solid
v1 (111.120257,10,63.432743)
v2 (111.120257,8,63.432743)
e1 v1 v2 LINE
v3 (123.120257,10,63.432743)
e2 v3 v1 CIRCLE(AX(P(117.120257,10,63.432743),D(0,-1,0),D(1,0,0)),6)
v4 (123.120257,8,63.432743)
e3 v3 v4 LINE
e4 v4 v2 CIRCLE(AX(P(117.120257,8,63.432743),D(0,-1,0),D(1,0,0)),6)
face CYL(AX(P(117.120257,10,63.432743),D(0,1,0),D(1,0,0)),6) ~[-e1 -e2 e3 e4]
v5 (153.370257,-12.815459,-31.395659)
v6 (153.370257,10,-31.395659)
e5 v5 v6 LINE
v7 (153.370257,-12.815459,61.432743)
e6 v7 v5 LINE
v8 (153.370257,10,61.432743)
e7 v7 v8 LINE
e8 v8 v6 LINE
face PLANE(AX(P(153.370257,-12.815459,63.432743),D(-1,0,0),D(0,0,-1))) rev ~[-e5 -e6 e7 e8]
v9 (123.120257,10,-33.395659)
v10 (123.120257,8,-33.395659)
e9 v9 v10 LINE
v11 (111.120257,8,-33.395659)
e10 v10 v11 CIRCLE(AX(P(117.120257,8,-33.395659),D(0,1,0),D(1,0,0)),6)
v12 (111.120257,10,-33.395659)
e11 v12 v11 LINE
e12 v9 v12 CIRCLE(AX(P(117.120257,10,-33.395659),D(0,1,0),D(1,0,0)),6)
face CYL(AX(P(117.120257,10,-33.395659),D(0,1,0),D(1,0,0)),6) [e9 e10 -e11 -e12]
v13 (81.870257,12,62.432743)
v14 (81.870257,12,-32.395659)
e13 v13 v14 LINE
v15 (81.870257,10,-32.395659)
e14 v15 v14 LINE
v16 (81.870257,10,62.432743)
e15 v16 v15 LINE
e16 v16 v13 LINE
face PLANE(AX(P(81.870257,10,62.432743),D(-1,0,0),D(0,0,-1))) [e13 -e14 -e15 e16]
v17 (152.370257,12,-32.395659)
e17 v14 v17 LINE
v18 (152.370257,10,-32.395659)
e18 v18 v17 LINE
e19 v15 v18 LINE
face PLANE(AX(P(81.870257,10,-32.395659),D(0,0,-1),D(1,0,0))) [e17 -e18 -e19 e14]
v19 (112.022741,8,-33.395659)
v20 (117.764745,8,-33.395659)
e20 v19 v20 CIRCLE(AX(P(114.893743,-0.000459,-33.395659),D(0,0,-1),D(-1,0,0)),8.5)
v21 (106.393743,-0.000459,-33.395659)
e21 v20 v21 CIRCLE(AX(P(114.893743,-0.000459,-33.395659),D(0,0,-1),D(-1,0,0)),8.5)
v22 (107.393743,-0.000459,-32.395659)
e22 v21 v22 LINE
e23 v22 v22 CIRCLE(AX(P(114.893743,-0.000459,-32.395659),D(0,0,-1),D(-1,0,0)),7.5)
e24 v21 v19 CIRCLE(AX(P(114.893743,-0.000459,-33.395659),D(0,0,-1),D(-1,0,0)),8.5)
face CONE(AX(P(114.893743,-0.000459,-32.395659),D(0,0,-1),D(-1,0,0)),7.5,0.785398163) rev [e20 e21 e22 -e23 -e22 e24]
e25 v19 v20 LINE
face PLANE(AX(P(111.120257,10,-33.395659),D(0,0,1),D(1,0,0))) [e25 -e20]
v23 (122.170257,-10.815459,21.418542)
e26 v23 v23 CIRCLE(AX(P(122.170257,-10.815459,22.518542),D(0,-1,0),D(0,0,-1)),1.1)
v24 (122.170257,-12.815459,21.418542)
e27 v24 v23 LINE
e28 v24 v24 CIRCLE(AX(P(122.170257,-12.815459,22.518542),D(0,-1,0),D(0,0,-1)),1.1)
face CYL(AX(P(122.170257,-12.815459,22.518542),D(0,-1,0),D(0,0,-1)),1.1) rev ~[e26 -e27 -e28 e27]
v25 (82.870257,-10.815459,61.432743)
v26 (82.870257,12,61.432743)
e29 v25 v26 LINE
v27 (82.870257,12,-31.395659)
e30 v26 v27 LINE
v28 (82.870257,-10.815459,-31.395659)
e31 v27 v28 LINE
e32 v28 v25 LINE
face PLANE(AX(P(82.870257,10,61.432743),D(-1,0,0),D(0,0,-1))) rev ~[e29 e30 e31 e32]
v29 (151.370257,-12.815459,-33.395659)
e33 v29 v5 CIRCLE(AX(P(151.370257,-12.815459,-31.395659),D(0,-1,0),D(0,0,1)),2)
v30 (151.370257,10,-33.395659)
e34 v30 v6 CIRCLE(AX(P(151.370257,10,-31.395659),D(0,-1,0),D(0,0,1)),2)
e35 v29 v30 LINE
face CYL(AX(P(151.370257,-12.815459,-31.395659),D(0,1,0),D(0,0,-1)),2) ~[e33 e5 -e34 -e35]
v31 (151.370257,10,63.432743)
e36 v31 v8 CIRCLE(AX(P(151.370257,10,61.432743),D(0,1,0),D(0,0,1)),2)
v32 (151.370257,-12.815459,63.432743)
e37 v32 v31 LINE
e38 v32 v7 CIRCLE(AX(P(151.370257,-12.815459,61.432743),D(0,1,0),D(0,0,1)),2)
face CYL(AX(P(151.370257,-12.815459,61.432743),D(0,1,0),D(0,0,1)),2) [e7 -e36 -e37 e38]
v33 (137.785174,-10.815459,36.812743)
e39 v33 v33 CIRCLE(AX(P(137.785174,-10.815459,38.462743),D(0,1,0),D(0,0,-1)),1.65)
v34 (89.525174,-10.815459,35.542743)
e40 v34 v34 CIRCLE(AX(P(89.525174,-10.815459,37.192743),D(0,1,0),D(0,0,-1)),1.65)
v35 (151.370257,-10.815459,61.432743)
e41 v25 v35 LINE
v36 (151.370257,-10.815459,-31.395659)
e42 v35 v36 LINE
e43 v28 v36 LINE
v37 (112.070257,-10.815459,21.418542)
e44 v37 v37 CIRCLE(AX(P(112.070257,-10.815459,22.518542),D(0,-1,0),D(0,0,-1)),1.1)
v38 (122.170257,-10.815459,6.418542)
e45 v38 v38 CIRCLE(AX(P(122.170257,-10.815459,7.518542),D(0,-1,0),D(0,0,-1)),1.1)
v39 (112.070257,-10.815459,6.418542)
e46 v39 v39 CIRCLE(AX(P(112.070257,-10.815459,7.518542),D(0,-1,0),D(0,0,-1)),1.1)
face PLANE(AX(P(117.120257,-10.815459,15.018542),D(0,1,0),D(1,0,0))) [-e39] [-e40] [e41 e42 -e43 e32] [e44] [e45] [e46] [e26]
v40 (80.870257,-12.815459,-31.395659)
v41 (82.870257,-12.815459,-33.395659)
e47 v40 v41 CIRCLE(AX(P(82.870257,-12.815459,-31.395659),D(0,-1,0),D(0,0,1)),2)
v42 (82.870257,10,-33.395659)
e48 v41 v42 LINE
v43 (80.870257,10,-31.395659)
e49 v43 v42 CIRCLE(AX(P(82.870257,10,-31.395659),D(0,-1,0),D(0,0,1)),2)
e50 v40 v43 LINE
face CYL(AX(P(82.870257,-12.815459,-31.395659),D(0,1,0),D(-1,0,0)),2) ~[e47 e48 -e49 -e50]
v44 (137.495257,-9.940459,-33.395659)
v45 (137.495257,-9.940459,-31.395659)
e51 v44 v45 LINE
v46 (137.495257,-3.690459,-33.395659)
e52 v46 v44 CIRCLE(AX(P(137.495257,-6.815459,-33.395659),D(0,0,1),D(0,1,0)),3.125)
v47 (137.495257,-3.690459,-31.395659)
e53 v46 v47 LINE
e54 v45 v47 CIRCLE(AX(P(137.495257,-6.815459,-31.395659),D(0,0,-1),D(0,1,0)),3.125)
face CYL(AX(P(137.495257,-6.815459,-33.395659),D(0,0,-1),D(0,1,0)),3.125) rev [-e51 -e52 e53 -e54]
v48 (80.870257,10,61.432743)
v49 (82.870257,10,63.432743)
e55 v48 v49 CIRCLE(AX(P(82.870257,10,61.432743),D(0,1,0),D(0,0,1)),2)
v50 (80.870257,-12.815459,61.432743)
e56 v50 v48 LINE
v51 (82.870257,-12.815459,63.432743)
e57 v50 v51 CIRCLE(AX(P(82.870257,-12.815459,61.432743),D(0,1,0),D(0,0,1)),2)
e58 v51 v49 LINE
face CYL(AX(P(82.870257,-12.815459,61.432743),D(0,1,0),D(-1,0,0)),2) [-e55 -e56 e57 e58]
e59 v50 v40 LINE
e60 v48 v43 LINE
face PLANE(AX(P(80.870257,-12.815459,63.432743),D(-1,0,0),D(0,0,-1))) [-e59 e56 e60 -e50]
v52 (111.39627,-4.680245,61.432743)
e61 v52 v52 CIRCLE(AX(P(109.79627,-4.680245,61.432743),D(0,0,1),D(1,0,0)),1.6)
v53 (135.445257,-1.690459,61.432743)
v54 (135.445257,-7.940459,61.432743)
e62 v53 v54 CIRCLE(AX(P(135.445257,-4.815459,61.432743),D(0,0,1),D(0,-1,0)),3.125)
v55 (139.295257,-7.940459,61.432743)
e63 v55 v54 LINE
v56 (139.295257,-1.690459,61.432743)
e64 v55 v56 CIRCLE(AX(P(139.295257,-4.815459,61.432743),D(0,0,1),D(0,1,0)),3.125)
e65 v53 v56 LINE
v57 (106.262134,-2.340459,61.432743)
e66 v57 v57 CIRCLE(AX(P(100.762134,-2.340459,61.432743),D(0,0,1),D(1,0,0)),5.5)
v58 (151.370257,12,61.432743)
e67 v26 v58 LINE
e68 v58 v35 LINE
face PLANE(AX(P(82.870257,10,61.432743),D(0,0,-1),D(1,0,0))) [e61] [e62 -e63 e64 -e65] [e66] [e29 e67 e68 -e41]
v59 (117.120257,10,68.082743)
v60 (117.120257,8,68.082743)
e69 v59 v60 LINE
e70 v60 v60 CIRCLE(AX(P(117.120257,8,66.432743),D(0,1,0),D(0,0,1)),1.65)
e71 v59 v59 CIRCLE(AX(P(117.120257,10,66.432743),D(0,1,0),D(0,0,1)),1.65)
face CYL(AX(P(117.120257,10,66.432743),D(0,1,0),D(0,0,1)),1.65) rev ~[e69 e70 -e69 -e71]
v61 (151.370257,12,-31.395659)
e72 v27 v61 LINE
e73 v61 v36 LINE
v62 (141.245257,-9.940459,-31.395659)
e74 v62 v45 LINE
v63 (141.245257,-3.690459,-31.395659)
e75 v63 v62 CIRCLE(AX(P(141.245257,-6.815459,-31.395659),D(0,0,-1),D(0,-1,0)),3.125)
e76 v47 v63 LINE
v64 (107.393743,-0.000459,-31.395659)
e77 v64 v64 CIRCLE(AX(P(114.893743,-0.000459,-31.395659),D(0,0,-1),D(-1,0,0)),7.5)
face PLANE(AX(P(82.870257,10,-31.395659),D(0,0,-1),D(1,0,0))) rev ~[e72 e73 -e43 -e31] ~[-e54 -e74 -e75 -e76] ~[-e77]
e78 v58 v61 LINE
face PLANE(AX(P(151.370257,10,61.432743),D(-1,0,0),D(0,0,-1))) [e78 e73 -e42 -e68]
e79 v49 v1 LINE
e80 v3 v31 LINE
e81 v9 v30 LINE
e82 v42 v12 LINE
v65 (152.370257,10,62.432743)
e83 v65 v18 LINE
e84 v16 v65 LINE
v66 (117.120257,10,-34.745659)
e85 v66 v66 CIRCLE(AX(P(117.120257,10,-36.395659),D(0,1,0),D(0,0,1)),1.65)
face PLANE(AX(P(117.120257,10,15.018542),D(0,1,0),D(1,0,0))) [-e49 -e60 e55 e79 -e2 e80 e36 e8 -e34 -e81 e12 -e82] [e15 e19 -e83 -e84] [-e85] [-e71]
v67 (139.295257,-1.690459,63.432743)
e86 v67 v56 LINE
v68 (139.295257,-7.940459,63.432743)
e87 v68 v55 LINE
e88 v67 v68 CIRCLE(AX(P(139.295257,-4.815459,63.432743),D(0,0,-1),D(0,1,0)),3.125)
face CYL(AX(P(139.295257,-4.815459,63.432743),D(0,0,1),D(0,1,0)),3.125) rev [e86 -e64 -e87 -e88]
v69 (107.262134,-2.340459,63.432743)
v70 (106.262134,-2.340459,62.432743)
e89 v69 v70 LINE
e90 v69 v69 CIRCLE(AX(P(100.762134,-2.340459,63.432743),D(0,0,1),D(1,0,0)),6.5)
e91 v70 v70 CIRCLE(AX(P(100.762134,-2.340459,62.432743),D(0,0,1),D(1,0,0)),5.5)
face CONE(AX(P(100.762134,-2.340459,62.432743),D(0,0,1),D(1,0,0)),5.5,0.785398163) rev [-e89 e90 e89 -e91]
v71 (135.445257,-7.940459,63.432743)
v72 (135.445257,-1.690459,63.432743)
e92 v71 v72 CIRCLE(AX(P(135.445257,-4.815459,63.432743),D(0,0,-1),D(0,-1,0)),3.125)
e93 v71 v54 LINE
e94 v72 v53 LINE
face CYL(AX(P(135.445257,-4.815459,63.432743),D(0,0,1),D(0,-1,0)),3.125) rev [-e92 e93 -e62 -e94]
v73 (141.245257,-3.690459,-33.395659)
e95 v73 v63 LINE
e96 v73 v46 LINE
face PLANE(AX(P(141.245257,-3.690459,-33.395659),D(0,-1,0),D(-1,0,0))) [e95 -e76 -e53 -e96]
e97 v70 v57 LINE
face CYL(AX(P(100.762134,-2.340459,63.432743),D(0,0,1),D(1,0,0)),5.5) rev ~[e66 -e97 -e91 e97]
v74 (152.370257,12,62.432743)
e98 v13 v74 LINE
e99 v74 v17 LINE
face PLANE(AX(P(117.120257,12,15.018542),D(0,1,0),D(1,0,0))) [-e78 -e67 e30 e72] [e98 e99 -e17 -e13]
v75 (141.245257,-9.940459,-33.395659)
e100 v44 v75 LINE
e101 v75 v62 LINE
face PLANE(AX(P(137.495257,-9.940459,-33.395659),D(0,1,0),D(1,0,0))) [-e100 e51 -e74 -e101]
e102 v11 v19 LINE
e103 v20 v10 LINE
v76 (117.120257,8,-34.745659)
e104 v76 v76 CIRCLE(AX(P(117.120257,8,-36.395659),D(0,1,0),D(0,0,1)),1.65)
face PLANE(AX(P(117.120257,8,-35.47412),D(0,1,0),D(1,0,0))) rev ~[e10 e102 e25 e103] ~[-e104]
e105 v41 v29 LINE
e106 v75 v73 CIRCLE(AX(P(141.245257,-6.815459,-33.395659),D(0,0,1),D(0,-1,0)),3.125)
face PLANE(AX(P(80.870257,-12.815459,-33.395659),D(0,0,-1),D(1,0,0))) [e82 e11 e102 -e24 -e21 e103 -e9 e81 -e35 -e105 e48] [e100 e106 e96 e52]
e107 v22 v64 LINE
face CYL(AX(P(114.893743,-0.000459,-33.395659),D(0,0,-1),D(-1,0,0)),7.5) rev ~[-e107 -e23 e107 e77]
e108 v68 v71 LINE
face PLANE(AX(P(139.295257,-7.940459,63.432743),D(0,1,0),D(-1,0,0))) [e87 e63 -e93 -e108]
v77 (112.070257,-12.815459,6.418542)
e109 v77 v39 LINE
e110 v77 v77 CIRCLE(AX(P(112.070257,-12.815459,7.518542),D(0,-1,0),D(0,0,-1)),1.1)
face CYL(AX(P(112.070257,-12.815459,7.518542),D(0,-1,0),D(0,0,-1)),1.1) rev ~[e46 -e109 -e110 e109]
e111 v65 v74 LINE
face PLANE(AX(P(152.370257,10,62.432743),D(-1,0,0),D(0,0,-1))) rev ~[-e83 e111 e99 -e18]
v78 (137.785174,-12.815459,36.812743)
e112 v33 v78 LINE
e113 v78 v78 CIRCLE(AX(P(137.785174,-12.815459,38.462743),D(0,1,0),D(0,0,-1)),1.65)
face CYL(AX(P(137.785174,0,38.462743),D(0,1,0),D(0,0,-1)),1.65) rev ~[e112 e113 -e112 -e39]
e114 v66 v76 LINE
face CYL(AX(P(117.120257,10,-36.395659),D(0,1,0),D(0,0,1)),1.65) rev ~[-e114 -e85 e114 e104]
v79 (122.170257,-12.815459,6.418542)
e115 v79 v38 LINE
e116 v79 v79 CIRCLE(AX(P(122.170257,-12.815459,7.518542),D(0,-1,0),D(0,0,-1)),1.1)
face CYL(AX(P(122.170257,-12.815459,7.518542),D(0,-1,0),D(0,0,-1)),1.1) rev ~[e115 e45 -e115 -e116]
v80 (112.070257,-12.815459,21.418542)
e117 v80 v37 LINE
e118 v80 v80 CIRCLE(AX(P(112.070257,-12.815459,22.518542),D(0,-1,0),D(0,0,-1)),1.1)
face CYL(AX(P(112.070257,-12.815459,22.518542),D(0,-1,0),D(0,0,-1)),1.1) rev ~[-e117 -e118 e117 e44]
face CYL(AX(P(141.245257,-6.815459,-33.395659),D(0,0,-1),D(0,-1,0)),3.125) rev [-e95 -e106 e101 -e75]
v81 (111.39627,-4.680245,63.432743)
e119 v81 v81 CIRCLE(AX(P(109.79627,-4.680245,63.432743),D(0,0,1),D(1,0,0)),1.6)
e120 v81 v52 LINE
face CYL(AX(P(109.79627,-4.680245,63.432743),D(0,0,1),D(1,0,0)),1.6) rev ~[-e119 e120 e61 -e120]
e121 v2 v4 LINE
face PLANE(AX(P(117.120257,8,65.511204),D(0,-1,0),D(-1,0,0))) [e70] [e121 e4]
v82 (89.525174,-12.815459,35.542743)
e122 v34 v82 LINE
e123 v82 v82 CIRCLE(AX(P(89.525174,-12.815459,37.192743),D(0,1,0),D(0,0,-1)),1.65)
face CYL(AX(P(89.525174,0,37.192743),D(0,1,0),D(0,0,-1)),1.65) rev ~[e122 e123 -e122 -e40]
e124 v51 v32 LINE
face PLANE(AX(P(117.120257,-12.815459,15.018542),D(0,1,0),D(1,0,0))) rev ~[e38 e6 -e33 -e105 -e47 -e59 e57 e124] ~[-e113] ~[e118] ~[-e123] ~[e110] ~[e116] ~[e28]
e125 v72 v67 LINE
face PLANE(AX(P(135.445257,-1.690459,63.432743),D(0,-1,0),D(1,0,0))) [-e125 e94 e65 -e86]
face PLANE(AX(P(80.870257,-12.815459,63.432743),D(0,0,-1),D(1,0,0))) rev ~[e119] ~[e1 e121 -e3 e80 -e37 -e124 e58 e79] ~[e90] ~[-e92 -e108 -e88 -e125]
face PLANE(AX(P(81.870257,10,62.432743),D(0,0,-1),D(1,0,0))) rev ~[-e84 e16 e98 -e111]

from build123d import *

# Parameters (mm, degrees)
BOSS_EXTRUDE1_DEPTH      = 18
BOSS_EXTRUDE1_DEPTH_BACK = 12.815459
SKETCH1_W                = 72.5
SKETCH1_H                = 96.828401578
SHELL1_T                 = 2
SKETCH2_R                = 7.5
CUT_EXTRUDE1_DEPTH       = 2
CHAMFER1_SIZE            = 1
SKETCH5_R                = 5.5
CUT_EXTRUDE2_DEPTH       = 2
CHAMFER2_SIZE            = 1
SKETCH8_W                = 72.5
SKETCH8_H                = 96.828401578
CUT_EXTRUDE5_DEPTH       = 8
BOSS_EXTRUDE3_START      = 10
SKETCH10_W               = 70.5
SKETCH10_H               = 94.828401578
SKETCH10_W_2             = 68.5
SKETCH10_H_2             = 92.828401578
BOSS_EXTRUDE3_DEPTH      = 2
CUT_EXTRUDE6_REACH       = 183.831
SKETCH12_R               = 1.6
FILLET1_R                = 2
BOSS_EXTRUDE4_START      = 10
SKETCH13_R               = 1.65
BOSS_EXTRUDE4_DEPTH      = 2
SKETCH16_R               = 1.65
BOSS_EXTRUDE5_DEPTH      = 2
SKETCH17_R               = 1.65
CUT_EXTRUDE8_DEPTH       = 12.81545914
SKETCH20_R               = 1.1
CUT_EXTRUDE9_DEPTH       = 2
CUT_EXTRUDE10_REACH      = 187.096
CUT_EXTRUDE11_REACH      = 187.096


with BuildPart() as part:
    # Sketch1 → Boss-Extrude1 (new, two sides: drawn at the far end of the back side and taken through both)
    with BuildSketch(Plane(origin=(0, 0, 0), x_dir=(1, 0, 0), z_dir=(0, 1, 0)).offset(-BOSS_EXTRUDE1_DEPTH_BACK)):
        with Locations((117.12025684, -15.018542133)):
            Rectangle(SKETCH1_W, SKETCH1_H)
    extrude(amount=BOSS_EXTRUDE1_DEPTH + BOSS_EXTRUDE1_DEPTH_BACK)

    # Shell1 (no face opened: a closed hollow body)
    add(offset(amount=-SHELL1_T, mode=Mode.PRIVATE), mode=Mode.SUBTRACT)

    # Sketch2 → Cut-Extrude1 (cut)
    with BuildSketch(Plane(origin=(0, 0, -33.395658656), x_dir=(-1, 0, 0), z_dir=(0, 0, -1))):
        with Locations((-114.89374317, -0.00045914)):
            Circle(SKETCH2_R)
    extrude(amount=-CUT_EXTRUDE1_DEPTH, mode=Mode.SUBTRACT)

    # Chamfer1
    chamfer1_edges = [part.edges().sort_by_distance(p)[0] for p in [
        (122.39374317, -0.00045914, -33.395658656),
    ]]
    chamfer(chamfer1_edges, length=CHAMFER1_SIZE)

    # Sketch5 → Cut-Extrude2 (cut)
    with BuildSketch(Plane.XY.offset(63.432742922)):
        with Locations((100.762134065, -2.34045914)):
            Circle(SKETCH5_R)
    extrude(amount=-CUT_EXTRUDE2_DEPTH, mode=Mode.SUBTRACT)

    # Chamfer2
    chamfer2_edges = [part.edges().sort_by_distance(p)[0] for p in [
        (95.262134065, -2.34045914, 63.432742922),
    ]]
    chamfer(chamfer2_edges, length=CHAMFER2_SIZE)

    # Sketch8 → Cut-Extrude5 (cut)
    with BuildSketch(Plane(origin=(0, 18, 0), x_dir=(1, 0, 0), z_dir=(0, 1, 0))):
        with Locations((117.12025684, -15.018542133)):
            Rectangle(SKETCH8_W, SKETCH8_H)
    extrude(amount=-CUT_EXTRUDE5_DEPTH, mode=Mode.SUBTRACT)

    # Sketch10 → Boss-Extrude3 (add)
    with BuildSketch(Plane(origin=(0, 0, 0), x_dir=(1, 0, 0), z_dir=(0, 1, 0)).offset(BOSS_EXTRUDE3_START)):
        with Locations((117.12025684, -15.018542133)):
            Rectangle(SKETCH10_W, SKETCH10_H)
        with Locations((117.12025684, -15.018542133)):
            Rectangle(SKETCH10_W_2, SKETCH10_H_2, mode=Mode.SUBTRACT)
    extrude(amount=BOSS_EXTRUDE3_DEPTH)

    # Sketch12 → Cut-Extrude6 (cut, up to next)
    with BuildSketch(Plane.XY.offset(63.432742922), mode=Mode.PRIVATE) as cut_extrude6_sk1:
        with Locations((109.796270245, -4.680244976)):
            Circle(SKETCH12_R)
    cut_extrude6_tool1 = extrude(cut_extrude6_sk1.sketch, amount=-CUT_EXTRUDE6_REACH, mode=Mode.PRIVATE) & part.part
    add(cut_extrude6_tool1.solids().sort_by_distance((109.79627, -4.680245, 63.432743))[0], mode=Mode.SUBTRACT)

    # Fillet1
    fillet1_edges = [part.edges().sort_by_distance(p)[0] for p in [
        (80.87025684, -1.4077295, -33.395658656),
        (153.37025684, -1.4077295, -33.395658656),
        (153.37025684, -1.4077295, 63.432742922),
        (80.87025684, -1.4077295, 63.432742922),
    ]]
    fillet(fillet1_edges, radius=FILLET1_R)

    # Sketch13 → Boss-Extrude4 (add)
    with BuildSketch(Plane(origin=(0, 0, 0), x_dir=(1, 0, 0), z_dir=(0, 1, 0)).offset(BOSS_EXTRUDE4_START)):
        with BuildLine():
            Line((111.12025684, -63.432742922), (123.12025684, -63.432742922))
            ThreePointArc((123.12025684, -63.432742922), (117.12025684, -69.432742922), (111.12025684, -63.432742922))
        make_face()
        with Locations(Location((117.12025684, -66.432742922, 0), (0, 0, 270))):
            Circle(SKETCH13_R, mode=Mode.SUBTRACT)
    boss_extrude4 = extrude(amount=-BOSS_EXTRUDE4_DEPTH)

    # Sketch16 → Boss-Extrude5 (add)
    with BuildSketch(Plane(origin=(0, 10, 0), x_dir=(1, 0, 0), z_dir=(0, 1, 0))):
        with BuildLine():
            Line((111.12025684, 33.395658656), (123.12025684, 33.395658656))
            ThreePointArc((123.12025684, 33.395658656), (117.12025684, 39.395658656), (111.12025684, 33.395658656))
        make_face()
        with Locations(Location((117.12025684, 36.395658656, 0), (0, 0, 270))):
            Circle(SKETCH16_R, mode=Mode.SUBTRACT)
    extrude(amount=-BOSS_EXTRUDE5_DEPTH)

    # Sketch17 → Cut-Extrude8 (cut)
    with BuildSketch(Plane(origin=(0, 0, 0), x_dir=(1, 0, 0), z_dir=(0, 1, 0))):
        with Locations(Location((137.785174065, -38.462742922, 0), (0, 0, 90))):
            Circle(SKETCH17_R)
        with Locations(Location((89.525174065, -37.192742922, 0), (0, 0, 90))):
            Circle(SKETCH17_R)
    extrude(amount=-CUT_EXTRUDE8_DEPTH, mode=Mode.SUBTRACT)

    # Mirror1: Boss-Extrude4 across plane
    add(boss_extrude4.mirror(Plane.XY.offset(15.018542133)))

    # Sketch20 → Cut-Extrude9 (cut)
    with BuildSketch(Plane.XZ.offset(12.81545914)):
        with Locations(Location((112.07025684, 22.518542133, 0), (0, 0, 270))):
            Circle(SKETCH20_R)
        with Locations(Location((122.17025684, 22.518542133, 0), (0, 0, 270))):
            Circle(SKETCH20_R)
        with Locations(Location((122.17025684, 7.518542133, 0), (0, 0, 270))):
            Circle(SKETCH20_R)
        with Locations(Location((112.07025684, 7.518542133, 0), (0, 0, 270))):
            Circle(SKETCH20_R)
    extrude(amount=-CUT_EXTRUDE9_DEPTH, mode=Mode.SUBTRACT)

    # Sketch21 → Cut-Extrude10 (cut, up to next)
    with BuildSketch(Plane.XY.offset(63.432742922), mode=Mode.PRIVATE) as cut_extrude10_sk1:
        with BuildLine():
            Line((139.29525684, -7.94045914), (135.44525684, -7.94045914))
            ThreePointArc((135.44525684, -7.94045914), (132.32025684, -4.81545914), (135.44525684, -1.69045914))
            Line((135.44525684, -1.69045914), (139.29525684, -1.69045914))
            ThreePointArc((139.29525684, -1.69045914), (142.42025684, -4.81545914), (139.29525684, -7.94045914))
        make_face()
    cut_extrude10_tool1 = extrude(cut_extrude10_sk1.sketch, amount=-CUT_EXTRUDE10_REACH, mode=Mode.PRIVATE) & part.part
    add(cut_extrude10_tool1.solids().sort_by_distance((137.370257, -4.815459, 63.432743))[0], mode=Mode.SUBTRACT)

    # Sketch23 → Cut-Extrude11 (cut, up to next)
    with BuildSketch(Plane(origin=(0, 0, -33.395658656), x_dir=(1, 0, 0), z_dir=(0, 0, -1)), mode=Mode.PRIVATE) as cut_extrude11_sk1:
        with BuildLine():
            Line((141.24525684, 3.69045914), (137.49525684, 3.69045914))
            ThreePointArc((137.49525684, 3.69045914), (134.37025684, 6.81545914), (137.49525684, 9.94045914))
            Line((137.49525684, 9.94045914), (141.24525684, 9.94045914))
            ThreePointArc((141.24525684, 9.94045914), (144.37025684, 6.81545914), (141.24525684, 3.69045914))
        make_face()
    cut_extrude11_tool1 = extrude(cut_extrude11_sk1.sketch, amount=-CUT_EXTRUDE11_REACH, mode=Mode.PRIVATE) & part.part
    add(cut_extrude11_tool1.solids().sort_by_distance((139.370257, -6.815459, -33.395659))[0], mode=Mode.SUBTRACT)


solid = part.part
